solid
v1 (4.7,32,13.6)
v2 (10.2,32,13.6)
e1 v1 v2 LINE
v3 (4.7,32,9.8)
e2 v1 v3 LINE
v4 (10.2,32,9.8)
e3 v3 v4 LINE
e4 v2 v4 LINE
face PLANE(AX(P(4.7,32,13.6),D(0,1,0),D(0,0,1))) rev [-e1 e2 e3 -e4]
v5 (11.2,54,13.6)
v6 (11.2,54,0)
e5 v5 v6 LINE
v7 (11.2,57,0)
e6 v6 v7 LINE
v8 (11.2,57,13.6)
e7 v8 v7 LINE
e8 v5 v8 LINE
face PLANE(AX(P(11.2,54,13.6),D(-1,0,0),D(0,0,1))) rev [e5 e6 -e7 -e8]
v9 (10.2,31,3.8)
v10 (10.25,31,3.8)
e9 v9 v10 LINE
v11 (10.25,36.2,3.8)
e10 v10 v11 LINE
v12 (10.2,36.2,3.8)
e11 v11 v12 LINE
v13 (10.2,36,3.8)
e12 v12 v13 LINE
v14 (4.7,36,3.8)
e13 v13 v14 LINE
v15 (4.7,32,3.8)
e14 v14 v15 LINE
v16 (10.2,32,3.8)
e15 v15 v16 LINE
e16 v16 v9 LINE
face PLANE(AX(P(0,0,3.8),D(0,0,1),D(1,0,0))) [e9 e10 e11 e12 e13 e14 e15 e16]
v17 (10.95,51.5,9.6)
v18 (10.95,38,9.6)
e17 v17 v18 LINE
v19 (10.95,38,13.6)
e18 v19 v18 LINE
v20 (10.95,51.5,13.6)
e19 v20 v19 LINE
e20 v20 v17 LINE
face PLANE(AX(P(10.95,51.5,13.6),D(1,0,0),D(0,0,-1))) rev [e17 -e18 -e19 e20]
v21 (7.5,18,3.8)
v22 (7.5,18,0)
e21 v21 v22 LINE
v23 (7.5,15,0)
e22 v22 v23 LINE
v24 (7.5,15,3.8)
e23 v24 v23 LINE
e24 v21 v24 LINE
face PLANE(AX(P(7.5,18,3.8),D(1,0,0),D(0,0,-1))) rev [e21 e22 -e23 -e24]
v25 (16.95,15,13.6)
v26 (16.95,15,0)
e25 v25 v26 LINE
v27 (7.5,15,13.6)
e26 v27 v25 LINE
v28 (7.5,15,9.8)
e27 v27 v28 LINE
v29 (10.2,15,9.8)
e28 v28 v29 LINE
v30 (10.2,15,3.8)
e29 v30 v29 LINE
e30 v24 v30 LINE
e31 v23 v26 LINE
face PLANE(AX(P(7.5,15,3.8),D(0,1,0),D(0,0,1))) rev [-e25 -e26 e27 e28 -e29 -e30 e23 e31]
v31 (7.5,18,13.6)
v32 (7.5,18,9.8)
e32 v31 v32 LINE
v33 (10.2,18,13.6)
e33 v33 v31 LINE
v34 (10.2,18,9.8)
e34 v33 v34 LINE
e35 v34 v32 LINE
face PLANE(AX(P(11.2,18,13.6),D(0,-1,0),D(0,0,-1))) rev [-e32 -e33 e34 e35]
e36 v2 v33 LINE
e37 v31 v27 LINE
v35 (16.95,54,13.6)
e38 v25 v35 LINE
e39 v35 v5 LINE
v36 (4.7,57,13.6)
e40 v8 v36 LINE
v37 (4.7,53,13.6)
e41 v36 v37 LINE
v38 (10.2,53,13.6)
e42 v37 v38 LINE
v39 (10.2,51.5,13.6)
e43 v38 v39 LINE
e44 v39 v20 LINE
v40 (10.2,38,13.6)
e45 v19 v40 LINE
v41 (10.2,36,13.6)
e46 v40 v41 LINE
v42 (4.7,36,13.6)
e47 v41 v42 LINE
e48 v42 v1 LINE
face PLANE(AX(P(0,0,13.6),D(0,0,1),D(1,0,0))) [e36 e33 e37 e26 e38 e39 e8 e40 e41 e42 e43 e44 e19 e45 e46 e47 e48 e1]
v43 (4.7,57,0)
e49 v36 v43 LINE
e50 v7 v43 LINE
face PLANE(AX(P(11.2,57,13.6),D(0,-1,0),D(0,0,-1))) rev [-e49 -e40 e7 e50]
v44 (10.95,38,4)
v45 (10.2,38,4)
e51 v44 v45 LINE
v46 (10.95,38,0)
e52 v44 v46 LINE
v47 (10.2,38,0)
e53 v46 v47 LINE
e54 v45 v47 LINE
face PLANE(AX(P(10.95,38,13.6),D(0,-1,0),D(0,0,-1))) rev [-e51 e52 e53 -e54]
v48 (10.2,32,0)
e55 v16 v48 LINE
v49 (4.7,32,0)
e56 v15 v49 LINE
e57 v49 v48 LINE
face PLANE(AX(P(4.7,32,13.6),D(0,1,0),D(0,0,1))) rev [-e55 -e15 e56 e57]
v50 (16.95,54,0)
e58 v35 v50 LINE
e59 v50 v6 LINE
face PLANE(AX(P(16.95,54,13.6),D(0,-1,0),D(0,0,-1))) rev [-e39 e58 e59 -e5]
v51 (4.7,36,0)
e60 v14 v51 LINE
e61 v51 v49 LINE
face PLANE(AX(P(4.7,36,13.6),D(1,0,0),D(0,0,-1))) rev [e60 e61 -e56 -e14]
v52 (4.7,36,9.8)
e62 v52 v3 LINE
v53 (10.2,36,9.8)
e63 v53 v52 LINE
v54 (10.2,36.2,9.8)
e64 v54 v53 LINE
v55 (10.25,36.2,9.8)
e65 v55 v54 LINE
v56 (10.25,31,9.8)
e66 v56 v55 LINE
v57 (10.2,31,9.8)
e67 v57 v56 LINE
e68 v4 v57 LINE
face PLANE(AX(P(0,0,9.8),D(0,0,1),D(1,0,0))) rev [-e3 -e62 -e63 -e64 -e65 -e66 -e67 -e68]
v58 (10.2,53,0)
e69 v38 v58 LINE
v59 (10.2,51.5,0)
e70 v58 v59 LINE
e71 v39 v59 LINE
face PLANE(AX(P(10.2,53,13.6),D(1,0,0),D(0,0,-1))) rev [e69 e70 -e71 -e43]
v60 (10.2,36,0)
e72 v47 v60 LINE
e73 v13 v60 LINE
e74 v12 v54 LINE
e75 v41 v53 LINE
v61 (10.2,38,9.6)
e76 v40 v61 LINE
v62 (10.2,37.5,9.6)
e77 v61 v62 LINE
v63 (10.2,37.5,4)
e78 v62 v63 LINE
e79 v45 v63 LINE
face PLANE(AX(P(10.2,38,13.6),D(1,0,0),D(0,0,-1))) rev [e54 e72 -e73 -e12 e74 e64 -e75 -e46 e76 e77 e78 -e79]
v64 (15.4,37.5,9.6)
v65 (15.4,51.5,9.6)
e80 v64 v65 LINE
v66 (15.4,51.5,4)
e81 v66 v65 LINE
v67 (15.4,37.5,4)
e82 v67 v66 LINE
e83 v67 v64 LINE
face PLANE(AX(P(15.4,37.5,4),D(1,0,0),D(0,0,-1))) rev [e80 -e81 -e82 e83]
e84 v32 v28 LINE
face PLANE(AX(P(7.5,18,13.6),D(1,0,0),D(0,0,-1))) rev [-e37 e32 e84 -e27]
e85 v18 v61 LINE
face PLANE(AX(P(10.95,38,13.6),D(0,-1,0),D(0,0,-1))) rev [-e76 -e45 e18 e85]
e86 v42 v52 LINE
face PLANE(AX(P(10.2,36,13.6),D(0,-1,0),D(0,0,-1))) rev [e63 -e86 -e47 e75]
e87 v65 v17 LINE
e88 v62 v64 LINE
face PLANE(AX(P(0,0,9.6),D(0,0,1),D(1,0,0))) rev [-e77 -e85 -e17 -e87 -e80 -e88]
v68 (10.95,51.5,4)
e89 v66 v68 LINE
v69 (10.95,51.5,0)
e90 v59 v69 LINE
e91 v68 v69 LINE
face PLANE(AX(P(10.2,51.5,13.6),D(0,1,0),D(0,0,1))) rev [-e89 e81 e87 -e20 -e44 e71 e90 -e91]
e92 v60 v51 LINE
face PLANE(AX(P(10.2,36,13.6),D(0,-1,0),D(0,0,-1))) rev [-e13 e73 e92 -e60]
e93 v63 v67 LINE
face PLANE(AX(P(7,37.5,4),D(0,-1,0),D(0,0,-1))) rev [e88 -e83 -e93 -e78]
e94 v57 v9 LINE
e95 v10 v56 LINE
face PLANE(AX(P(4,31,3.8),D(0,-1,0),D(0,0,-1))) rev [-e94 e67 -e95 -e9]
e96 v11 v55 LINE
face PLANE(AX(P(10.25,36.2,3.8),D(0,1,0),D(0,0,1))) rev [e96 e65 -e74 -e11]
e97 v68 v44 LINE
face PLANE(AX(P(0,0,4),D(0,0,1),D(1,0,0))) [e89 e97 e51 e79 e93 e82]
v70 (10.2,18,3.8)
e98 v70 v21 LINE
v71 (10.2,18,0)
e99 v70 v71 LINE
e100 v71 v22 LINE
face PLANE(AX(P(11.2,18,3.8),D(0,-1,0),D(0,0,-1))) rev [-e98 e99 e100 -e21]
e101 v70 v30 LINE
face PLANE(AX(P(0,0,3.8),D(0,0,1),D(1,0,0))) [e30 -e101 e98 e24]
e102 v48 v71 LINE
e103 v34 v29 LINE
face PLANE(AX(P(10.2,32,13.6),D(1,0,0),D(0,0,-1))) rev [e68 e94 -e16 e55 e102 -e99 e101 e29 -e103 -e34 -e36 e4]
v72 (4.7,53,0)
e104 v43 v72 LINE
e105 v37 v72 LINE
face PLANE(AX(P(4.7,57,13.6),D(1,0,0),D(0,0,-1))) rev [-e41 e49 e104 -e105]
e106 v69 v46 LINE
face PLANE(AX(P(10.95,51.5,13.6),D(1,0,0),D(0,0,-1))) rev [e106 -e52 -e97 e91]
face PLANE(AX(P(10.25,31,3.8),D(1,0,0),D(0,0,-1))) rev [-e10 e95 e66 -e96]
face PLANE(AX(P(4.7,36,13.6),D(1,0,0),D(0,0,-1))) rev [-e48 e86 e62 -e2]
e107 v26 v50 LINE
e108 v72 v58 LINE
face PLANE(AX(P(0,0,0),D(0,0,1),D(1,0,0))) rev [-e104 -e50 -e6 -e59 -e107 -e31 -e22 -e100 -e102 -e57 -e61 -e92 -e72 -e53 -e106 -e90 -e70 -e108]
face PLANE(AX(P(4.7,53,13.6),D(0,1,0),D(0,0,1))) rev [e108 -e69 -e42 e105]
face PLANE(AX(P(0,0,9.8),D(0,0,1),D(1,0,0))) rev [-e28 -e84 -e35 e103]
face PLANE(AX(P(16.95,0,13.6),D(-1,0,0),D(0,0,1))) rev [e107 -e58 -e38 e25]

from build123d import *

# Parameters (mm, degrees)
GUIDE_AND_SOLID_STOPS_DEPTH  = 13.6
SKETCH_3_W                   = 8.4
SKETCH_3_H                   = 14
NUT_TONGUE_CHANNEL_DEPTH     = 2.8
SKETCH_4_W                   = 6.25
SKETCH_4_H                   = 5.2
LOWER_YOKE_RELIEF_DEPTH      = 3
SKETCH_5_W                   = 3.7
SKETCH_5_H                   = 3
LOWER_INWARD_STOP_DEPTH      = 3.8
SKETCH_7_W                   = 3.7
SKETCH_7_H                   = 3
EXTRUDE_2_DEPTH              = 3.8
REMOVE_LOWER_TAIL_DEPTH      = 62.002151601
REMOVE_LOWER_TAIL_DEPTH_BACK = 62.002151601
SKETCH_8_W                   = 17
SKETCH_8_H                   = 17


with BuildPart() as part:
    # 草图1 → Guide_and_solid_stops (new body)
    with BuildSketch(Plane.XY):
        Polygon((10.2, 0), (16.95, 0), (16.95, 54), (11.2, 54), (11.2, 57), (4.7, 57), (4.7, 53), (10.2, 53), (10.2, 51.5), (10.95, 51.5), (10.95, 38), (10.2, 38), (10.2, 36), (4.7, 36), (4.7, 32), (10.2, 32), align=None)
    extrude(amount=GUIDE_AND_SOLID_STOPS_DEPTH)

    # 草图3 → Nut_tongue_channel (cut, symmetric)
    with BuildSketch(Plane.XY.offset(6.8)):
        with Locations((11.2, 44.5)):
            Rectangle(SKETCH_3_W, SKETCH_3_H)
    extrude(amount=NUT_TONGUE_CHANNEL_DEPTH, both=True, mode=Mode.SUBTRACT)

    # 草图4 → Lower_yoke_relief (cut, symmetric)
    with BuildSketch(Plane.XY.offset(6.8)):
        with Locations((7.125, 33.6)):
            Rectangle(SKETCH_4_W, SKETCH_4_H)
    extrude(amount=LOWER_YOKE_RELIEF_DEPTH, both=True, mode=Mode.SUBTRACT)

    # 草图5 → Lower_inward_stop (add)
    with BuildSketch(Plane.XY):
        with Locations((9.35, 16.5)):
            Rectangle(SKETCH_5_W, SKETCH_5_H)
    extrude(amount=LOWER_INWARD_STOP_DEPTH)

    # 草图7 → 凸台-拉伸2 (add)
    with BuildSketch(Plane.XY.offset(9.8)):
        with Locations((9.35, 16.5)):
            Rectangle(SKETCH_7_W, SKETCH_7_H)
    extrude(amount=EXTRUDE_2_DEPTH)

    # 草图8 → Remove_lower_tail (cut, two sides: drawn at the far end of the back side and taken through both)
    with BuildSketch(Plane.XY.offset(-REMOVE_LOWER_TAIL_DEPTH_BACK)):
        with Locations((11.5, 6.5)):
            Rectangle(SKETCH_8_W, SKETCH_8_H)
    extrude(amount=REMOVE_LOWER_TAIL_DEPTH + REMOVE_LOWER_TAIL_DEPTH_BACK, mode=Mode.SUBTRACT)


solid = part.part
